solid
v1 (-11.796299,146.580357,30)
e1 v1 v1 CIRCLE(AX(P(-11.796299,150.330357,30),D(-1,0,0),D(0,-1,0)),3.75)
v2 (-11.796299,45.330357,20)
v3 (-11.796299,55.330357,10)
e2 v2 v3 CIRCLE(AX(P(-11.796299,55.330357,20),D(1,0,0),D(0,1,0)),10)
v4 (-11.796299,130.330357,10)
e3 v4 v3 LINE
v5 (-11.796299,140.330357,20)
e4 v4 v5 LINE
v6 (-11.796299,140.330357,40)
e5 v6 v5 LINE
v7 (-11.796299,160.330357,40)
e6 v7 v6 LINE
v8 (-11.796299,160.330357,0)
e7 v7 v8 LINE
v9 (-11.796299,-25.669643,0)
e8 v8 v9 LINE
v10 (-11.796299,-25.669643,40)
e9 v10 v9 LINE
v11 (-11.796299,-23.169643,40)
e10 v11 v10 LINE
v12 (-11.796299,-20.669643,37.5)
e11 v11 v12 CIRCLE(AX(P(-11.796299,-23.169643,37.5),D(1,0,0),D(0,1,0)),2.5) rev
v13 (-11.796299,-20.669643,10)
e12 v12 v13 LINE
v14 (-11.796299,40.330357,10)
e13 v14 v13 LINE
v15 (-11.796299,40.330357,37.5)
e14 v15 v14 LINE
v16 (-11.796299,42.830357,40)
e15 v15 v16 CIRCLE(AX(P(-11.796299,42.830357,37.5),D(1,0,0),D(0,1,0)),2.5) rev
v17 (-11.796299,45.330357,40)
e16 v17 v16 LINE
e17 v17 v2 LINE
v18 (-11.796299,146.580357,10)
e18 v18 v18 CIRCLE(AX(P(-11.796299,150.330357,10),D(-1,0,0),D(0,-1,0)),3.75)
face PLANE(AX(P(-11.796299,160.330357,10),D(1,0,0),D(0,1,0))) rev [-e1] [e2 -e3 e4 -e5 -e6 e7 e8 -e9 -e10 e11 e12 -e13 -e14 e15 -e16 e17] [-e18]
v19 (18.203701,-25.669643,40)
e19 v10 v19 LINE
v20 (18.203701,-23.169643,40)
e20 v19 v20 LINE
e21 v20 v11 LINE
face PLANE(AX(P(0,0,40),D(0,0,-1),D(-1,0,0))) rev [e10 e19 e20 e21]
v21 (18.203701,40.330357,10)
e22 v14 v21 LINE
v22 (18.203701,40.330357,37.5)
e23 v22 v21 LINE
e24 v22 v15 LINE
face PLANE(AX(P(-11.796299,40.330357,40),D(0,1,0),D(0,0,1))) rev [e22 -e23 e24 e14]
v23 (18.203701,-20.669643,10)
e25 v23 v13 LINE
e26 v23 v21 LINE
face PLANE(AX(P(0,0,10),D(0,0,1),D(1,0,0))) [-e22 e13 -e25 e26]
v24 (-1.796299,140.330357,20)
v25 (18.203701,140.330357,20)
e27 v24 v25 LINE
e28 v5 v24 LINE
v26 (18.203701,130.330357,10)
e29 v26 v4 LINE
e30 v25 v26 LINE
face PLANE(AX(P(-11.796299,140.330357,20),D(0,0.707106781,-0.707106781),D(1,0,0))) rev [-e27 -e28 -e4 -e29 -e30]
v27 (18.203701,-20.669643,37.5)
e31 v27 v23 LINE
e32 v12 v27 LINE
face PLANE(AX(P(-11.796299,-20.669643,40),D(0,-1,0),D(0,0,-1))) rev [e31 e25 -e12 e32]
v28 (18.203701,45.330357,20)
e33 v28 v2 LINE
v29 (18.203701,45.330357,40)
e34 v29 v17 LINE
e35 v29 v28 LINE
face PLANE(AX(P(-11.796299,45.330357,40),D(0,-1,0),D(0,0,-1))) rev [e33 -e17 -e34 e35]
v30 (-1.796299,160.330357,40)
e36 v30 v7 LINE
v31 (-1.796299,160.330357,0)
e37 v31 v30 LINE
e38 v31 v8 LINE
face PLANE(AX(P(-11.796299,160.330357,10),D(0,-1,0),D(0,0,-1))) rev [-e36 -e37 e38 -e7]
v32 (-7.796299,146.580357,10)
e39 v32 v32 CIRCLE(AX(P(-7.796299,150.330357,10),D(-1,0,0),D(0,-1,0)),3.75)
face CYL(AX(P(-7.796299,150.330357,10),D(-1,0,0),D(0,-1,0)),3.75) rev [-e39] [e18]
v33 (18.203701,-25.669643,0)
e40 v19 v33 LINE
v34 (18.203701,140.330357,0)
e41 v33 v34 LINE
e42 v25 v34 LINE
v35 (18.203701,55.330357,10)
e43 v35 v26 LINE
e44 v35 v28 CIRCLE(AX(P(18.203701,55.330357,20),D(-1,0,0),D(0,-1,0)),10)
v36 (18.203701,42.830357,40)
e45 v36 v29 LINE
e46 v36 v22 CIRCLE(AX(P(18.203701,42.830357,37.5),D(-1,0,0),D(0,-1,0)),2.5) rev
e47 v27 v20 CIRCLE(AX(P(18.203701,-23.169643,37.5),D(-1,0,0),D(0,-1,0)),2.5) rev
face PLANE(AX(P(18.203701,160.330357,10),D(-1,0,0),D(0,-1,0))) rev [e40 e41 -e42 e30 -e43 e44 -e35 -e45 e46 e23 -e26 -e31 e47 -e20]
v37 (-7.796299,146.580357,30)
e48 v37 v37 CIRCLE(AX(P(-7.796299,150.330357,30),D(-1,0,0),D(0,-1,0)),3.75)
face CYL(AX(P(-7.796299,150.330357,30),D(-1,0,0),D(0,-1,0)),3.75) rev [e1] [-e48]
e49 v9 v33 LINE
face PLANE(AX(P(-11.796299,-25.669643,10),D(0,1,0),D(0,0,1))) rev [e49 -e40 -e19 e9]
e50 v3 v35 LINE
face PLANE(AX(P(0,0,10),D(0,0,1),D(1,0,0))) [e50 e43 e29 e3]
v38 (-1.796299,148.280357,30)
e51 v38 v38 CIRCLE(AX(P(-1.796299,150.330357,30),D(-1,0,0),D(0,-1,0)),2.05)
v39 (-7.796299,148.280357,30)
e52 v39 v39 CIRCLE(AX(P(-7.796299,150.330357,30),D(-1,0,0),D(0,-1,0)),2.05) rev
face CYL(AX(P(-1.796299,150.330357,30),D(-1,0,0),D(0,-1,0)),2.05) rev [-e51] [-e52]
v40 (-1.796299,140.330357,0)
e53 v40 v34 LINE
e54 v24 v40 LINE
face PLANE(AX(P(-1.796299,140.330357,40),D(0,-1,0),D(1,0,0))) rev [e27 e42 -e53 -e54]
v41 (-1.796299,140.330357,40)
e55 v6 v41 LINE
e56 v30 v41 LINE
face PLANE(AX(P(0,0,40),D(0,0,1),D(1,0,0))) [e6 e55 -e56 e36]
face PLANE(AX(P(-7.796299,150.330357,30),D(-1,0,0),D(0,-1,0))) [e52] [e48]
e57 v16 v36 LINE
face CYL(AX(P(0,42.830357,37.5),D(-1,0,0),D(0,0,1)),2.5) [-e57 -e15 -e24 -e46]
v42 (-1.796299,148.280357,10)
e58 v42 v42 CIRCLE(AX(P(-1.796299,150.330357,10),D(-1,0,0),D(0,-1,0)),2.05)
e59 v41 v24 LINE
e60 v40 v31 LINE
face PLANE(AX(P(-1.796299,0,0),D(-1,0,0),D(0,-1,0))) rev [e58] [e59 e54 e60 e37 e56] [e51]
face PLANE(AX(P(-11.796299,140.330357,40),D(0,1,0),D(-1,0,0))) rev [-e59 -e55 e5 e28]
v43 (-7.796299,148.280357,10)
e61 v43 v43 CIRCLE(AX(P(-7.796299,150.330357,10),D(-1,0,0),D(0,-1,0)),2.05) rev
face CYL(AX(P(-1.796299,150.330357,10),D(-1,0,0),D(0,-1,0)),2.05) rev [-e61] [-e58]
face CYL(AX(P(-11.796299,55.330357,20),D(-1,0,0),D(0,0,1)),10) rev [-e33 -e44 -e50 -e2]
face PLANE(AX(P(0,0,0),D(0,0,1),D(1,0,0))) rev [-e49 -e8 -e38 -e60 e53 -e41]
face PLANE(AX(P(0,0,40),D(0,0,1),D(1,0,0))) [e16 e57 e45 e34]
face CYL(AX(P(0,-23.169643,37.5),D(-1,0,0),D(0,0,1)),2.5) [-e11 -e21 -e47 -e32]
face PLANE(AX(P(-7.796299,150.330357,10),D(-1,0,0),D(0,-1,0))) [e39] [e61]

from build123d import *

# Parameters (mm, degrees)
SKETCH_1_W          = 30
SKETCH_1_H          = 186
EXTRUDE_1_DEPTH     = 10
SKETCH_2_W          = 30
SKETCH_2_H          = 5
SKETCH_2_H_2        = 20
EXTRUDE_2_DEPTH     = 30
FILLET_1_R          = 2.5
FILLET_4_R          = 10
CHAMFER_7_SIZE      = 10
SKETCH_9_W          = 40
SKETCH_9_H          = 20
CUT_EXTRUDE_5_DEPTH = 20
SKETCH_10_R         = 2.05
CUT_EXTRUDE_6_DEPTH = 10
SKETCH_11_R         = 3.75
CUT_EXTRUDE_7_DEPTH = 4


with BuildPart() as part:
    # 草圖1 → 填料-伸長1 (new body)
    with BuildSketch(Plane.XY):
        with Locations((3.2037008, 67.330357143)):
            Rectangle(SKETCH_1_W, SKETCH_1_H)
    extrude(amount=EXTRUDE_1_DEPTH)

    # 草圖2 → 填料-伸長2 (add)
    with BuildSketch(Plane.XY.offset(10)):
        with Locations((3.2037008, -23.169642857)):
            Rectangle(SKETCH_2_W, SKETCH_2_H)
        with Locations((3.2037008, 42.830357143)):
            Rectangle(SKETCH_2_W, SKETCH_2_H)
        with Locations((3.2037008, 150.330357143)):
            Rectangle(SKETCH_2_W, SKETCH_2_H_2)
    extrude(amount=EXTRUDE_2_DEPTH)

    # 圓角1
    fillet_1_edges = [part.edges().sort_by_distance(p)[0] for p in [
        (3.2037008, -20.669642857, 40),
        (3.2037008, 40.330357143, 40),
    ]]
    fillet(fillet_1_edges, radius=FILLET_1_R)

    # 圓角4
    fillet_4_edges = [part.edges().sort_by_distance(p)[0] for p in [
        (3.2037008, 45.330357143, 10),
    ]]
    fillet(fillet_4_edges, radius=FILLET_4_R)

    # 導角7
    chamfer_7_edges = [part.edges().sort_by_distance(p)[0] for p in [
        (3.2037008, 140.330357143, 10),
    ]]
    chamfer(chamfer_7_edges, length=CHAMFER_7_SIZE)

    # 草圖9 → 除料-伸長5 (cut)
    with BuildSketch(Plane(origin=(18.2037008, 0, 0), x_dir=(0, 0, -1), z_dir=(1, 0, 0))):
        with Locations((-20, 150.330357143)):
            Rectangle(SKETCH_9_W, SKETCH_9_H)
    extrude(amount=-CUT_EXTRUDE_5_DEPTH, mode=Mode.SUBTRACT)

    # 草圖10 → 除料-伸長6 (cut)
    with BuildSketch(Plane.ZY.offset(11.7962992)):
        with Locations((10, 150.330357143)):
            Circle(SKETCH_10_R)
        with Locations((30, 150.330357143)):
            Circle(SKETCH_10_R)
    extrude(amount=-CUT_EXTRUDE_6_DEPTH, mode=Mode.SUBTRACT)

    # 草圖11 → 除料-伸長7 (cut)
    with BuildSketch(Plane.ZY.offset(11.7962992)):
        with Locations((10, 150.330357143)):
            Circle(SKETCH_11_R)
        with Locations((30, 150.330357143)):
            Circle(SKETCH_11_R)
    extrude(amount=-CUT_EXTRUDE_7_DEPTH, mode=Mode.SUBTRACT)


solid = part.part
